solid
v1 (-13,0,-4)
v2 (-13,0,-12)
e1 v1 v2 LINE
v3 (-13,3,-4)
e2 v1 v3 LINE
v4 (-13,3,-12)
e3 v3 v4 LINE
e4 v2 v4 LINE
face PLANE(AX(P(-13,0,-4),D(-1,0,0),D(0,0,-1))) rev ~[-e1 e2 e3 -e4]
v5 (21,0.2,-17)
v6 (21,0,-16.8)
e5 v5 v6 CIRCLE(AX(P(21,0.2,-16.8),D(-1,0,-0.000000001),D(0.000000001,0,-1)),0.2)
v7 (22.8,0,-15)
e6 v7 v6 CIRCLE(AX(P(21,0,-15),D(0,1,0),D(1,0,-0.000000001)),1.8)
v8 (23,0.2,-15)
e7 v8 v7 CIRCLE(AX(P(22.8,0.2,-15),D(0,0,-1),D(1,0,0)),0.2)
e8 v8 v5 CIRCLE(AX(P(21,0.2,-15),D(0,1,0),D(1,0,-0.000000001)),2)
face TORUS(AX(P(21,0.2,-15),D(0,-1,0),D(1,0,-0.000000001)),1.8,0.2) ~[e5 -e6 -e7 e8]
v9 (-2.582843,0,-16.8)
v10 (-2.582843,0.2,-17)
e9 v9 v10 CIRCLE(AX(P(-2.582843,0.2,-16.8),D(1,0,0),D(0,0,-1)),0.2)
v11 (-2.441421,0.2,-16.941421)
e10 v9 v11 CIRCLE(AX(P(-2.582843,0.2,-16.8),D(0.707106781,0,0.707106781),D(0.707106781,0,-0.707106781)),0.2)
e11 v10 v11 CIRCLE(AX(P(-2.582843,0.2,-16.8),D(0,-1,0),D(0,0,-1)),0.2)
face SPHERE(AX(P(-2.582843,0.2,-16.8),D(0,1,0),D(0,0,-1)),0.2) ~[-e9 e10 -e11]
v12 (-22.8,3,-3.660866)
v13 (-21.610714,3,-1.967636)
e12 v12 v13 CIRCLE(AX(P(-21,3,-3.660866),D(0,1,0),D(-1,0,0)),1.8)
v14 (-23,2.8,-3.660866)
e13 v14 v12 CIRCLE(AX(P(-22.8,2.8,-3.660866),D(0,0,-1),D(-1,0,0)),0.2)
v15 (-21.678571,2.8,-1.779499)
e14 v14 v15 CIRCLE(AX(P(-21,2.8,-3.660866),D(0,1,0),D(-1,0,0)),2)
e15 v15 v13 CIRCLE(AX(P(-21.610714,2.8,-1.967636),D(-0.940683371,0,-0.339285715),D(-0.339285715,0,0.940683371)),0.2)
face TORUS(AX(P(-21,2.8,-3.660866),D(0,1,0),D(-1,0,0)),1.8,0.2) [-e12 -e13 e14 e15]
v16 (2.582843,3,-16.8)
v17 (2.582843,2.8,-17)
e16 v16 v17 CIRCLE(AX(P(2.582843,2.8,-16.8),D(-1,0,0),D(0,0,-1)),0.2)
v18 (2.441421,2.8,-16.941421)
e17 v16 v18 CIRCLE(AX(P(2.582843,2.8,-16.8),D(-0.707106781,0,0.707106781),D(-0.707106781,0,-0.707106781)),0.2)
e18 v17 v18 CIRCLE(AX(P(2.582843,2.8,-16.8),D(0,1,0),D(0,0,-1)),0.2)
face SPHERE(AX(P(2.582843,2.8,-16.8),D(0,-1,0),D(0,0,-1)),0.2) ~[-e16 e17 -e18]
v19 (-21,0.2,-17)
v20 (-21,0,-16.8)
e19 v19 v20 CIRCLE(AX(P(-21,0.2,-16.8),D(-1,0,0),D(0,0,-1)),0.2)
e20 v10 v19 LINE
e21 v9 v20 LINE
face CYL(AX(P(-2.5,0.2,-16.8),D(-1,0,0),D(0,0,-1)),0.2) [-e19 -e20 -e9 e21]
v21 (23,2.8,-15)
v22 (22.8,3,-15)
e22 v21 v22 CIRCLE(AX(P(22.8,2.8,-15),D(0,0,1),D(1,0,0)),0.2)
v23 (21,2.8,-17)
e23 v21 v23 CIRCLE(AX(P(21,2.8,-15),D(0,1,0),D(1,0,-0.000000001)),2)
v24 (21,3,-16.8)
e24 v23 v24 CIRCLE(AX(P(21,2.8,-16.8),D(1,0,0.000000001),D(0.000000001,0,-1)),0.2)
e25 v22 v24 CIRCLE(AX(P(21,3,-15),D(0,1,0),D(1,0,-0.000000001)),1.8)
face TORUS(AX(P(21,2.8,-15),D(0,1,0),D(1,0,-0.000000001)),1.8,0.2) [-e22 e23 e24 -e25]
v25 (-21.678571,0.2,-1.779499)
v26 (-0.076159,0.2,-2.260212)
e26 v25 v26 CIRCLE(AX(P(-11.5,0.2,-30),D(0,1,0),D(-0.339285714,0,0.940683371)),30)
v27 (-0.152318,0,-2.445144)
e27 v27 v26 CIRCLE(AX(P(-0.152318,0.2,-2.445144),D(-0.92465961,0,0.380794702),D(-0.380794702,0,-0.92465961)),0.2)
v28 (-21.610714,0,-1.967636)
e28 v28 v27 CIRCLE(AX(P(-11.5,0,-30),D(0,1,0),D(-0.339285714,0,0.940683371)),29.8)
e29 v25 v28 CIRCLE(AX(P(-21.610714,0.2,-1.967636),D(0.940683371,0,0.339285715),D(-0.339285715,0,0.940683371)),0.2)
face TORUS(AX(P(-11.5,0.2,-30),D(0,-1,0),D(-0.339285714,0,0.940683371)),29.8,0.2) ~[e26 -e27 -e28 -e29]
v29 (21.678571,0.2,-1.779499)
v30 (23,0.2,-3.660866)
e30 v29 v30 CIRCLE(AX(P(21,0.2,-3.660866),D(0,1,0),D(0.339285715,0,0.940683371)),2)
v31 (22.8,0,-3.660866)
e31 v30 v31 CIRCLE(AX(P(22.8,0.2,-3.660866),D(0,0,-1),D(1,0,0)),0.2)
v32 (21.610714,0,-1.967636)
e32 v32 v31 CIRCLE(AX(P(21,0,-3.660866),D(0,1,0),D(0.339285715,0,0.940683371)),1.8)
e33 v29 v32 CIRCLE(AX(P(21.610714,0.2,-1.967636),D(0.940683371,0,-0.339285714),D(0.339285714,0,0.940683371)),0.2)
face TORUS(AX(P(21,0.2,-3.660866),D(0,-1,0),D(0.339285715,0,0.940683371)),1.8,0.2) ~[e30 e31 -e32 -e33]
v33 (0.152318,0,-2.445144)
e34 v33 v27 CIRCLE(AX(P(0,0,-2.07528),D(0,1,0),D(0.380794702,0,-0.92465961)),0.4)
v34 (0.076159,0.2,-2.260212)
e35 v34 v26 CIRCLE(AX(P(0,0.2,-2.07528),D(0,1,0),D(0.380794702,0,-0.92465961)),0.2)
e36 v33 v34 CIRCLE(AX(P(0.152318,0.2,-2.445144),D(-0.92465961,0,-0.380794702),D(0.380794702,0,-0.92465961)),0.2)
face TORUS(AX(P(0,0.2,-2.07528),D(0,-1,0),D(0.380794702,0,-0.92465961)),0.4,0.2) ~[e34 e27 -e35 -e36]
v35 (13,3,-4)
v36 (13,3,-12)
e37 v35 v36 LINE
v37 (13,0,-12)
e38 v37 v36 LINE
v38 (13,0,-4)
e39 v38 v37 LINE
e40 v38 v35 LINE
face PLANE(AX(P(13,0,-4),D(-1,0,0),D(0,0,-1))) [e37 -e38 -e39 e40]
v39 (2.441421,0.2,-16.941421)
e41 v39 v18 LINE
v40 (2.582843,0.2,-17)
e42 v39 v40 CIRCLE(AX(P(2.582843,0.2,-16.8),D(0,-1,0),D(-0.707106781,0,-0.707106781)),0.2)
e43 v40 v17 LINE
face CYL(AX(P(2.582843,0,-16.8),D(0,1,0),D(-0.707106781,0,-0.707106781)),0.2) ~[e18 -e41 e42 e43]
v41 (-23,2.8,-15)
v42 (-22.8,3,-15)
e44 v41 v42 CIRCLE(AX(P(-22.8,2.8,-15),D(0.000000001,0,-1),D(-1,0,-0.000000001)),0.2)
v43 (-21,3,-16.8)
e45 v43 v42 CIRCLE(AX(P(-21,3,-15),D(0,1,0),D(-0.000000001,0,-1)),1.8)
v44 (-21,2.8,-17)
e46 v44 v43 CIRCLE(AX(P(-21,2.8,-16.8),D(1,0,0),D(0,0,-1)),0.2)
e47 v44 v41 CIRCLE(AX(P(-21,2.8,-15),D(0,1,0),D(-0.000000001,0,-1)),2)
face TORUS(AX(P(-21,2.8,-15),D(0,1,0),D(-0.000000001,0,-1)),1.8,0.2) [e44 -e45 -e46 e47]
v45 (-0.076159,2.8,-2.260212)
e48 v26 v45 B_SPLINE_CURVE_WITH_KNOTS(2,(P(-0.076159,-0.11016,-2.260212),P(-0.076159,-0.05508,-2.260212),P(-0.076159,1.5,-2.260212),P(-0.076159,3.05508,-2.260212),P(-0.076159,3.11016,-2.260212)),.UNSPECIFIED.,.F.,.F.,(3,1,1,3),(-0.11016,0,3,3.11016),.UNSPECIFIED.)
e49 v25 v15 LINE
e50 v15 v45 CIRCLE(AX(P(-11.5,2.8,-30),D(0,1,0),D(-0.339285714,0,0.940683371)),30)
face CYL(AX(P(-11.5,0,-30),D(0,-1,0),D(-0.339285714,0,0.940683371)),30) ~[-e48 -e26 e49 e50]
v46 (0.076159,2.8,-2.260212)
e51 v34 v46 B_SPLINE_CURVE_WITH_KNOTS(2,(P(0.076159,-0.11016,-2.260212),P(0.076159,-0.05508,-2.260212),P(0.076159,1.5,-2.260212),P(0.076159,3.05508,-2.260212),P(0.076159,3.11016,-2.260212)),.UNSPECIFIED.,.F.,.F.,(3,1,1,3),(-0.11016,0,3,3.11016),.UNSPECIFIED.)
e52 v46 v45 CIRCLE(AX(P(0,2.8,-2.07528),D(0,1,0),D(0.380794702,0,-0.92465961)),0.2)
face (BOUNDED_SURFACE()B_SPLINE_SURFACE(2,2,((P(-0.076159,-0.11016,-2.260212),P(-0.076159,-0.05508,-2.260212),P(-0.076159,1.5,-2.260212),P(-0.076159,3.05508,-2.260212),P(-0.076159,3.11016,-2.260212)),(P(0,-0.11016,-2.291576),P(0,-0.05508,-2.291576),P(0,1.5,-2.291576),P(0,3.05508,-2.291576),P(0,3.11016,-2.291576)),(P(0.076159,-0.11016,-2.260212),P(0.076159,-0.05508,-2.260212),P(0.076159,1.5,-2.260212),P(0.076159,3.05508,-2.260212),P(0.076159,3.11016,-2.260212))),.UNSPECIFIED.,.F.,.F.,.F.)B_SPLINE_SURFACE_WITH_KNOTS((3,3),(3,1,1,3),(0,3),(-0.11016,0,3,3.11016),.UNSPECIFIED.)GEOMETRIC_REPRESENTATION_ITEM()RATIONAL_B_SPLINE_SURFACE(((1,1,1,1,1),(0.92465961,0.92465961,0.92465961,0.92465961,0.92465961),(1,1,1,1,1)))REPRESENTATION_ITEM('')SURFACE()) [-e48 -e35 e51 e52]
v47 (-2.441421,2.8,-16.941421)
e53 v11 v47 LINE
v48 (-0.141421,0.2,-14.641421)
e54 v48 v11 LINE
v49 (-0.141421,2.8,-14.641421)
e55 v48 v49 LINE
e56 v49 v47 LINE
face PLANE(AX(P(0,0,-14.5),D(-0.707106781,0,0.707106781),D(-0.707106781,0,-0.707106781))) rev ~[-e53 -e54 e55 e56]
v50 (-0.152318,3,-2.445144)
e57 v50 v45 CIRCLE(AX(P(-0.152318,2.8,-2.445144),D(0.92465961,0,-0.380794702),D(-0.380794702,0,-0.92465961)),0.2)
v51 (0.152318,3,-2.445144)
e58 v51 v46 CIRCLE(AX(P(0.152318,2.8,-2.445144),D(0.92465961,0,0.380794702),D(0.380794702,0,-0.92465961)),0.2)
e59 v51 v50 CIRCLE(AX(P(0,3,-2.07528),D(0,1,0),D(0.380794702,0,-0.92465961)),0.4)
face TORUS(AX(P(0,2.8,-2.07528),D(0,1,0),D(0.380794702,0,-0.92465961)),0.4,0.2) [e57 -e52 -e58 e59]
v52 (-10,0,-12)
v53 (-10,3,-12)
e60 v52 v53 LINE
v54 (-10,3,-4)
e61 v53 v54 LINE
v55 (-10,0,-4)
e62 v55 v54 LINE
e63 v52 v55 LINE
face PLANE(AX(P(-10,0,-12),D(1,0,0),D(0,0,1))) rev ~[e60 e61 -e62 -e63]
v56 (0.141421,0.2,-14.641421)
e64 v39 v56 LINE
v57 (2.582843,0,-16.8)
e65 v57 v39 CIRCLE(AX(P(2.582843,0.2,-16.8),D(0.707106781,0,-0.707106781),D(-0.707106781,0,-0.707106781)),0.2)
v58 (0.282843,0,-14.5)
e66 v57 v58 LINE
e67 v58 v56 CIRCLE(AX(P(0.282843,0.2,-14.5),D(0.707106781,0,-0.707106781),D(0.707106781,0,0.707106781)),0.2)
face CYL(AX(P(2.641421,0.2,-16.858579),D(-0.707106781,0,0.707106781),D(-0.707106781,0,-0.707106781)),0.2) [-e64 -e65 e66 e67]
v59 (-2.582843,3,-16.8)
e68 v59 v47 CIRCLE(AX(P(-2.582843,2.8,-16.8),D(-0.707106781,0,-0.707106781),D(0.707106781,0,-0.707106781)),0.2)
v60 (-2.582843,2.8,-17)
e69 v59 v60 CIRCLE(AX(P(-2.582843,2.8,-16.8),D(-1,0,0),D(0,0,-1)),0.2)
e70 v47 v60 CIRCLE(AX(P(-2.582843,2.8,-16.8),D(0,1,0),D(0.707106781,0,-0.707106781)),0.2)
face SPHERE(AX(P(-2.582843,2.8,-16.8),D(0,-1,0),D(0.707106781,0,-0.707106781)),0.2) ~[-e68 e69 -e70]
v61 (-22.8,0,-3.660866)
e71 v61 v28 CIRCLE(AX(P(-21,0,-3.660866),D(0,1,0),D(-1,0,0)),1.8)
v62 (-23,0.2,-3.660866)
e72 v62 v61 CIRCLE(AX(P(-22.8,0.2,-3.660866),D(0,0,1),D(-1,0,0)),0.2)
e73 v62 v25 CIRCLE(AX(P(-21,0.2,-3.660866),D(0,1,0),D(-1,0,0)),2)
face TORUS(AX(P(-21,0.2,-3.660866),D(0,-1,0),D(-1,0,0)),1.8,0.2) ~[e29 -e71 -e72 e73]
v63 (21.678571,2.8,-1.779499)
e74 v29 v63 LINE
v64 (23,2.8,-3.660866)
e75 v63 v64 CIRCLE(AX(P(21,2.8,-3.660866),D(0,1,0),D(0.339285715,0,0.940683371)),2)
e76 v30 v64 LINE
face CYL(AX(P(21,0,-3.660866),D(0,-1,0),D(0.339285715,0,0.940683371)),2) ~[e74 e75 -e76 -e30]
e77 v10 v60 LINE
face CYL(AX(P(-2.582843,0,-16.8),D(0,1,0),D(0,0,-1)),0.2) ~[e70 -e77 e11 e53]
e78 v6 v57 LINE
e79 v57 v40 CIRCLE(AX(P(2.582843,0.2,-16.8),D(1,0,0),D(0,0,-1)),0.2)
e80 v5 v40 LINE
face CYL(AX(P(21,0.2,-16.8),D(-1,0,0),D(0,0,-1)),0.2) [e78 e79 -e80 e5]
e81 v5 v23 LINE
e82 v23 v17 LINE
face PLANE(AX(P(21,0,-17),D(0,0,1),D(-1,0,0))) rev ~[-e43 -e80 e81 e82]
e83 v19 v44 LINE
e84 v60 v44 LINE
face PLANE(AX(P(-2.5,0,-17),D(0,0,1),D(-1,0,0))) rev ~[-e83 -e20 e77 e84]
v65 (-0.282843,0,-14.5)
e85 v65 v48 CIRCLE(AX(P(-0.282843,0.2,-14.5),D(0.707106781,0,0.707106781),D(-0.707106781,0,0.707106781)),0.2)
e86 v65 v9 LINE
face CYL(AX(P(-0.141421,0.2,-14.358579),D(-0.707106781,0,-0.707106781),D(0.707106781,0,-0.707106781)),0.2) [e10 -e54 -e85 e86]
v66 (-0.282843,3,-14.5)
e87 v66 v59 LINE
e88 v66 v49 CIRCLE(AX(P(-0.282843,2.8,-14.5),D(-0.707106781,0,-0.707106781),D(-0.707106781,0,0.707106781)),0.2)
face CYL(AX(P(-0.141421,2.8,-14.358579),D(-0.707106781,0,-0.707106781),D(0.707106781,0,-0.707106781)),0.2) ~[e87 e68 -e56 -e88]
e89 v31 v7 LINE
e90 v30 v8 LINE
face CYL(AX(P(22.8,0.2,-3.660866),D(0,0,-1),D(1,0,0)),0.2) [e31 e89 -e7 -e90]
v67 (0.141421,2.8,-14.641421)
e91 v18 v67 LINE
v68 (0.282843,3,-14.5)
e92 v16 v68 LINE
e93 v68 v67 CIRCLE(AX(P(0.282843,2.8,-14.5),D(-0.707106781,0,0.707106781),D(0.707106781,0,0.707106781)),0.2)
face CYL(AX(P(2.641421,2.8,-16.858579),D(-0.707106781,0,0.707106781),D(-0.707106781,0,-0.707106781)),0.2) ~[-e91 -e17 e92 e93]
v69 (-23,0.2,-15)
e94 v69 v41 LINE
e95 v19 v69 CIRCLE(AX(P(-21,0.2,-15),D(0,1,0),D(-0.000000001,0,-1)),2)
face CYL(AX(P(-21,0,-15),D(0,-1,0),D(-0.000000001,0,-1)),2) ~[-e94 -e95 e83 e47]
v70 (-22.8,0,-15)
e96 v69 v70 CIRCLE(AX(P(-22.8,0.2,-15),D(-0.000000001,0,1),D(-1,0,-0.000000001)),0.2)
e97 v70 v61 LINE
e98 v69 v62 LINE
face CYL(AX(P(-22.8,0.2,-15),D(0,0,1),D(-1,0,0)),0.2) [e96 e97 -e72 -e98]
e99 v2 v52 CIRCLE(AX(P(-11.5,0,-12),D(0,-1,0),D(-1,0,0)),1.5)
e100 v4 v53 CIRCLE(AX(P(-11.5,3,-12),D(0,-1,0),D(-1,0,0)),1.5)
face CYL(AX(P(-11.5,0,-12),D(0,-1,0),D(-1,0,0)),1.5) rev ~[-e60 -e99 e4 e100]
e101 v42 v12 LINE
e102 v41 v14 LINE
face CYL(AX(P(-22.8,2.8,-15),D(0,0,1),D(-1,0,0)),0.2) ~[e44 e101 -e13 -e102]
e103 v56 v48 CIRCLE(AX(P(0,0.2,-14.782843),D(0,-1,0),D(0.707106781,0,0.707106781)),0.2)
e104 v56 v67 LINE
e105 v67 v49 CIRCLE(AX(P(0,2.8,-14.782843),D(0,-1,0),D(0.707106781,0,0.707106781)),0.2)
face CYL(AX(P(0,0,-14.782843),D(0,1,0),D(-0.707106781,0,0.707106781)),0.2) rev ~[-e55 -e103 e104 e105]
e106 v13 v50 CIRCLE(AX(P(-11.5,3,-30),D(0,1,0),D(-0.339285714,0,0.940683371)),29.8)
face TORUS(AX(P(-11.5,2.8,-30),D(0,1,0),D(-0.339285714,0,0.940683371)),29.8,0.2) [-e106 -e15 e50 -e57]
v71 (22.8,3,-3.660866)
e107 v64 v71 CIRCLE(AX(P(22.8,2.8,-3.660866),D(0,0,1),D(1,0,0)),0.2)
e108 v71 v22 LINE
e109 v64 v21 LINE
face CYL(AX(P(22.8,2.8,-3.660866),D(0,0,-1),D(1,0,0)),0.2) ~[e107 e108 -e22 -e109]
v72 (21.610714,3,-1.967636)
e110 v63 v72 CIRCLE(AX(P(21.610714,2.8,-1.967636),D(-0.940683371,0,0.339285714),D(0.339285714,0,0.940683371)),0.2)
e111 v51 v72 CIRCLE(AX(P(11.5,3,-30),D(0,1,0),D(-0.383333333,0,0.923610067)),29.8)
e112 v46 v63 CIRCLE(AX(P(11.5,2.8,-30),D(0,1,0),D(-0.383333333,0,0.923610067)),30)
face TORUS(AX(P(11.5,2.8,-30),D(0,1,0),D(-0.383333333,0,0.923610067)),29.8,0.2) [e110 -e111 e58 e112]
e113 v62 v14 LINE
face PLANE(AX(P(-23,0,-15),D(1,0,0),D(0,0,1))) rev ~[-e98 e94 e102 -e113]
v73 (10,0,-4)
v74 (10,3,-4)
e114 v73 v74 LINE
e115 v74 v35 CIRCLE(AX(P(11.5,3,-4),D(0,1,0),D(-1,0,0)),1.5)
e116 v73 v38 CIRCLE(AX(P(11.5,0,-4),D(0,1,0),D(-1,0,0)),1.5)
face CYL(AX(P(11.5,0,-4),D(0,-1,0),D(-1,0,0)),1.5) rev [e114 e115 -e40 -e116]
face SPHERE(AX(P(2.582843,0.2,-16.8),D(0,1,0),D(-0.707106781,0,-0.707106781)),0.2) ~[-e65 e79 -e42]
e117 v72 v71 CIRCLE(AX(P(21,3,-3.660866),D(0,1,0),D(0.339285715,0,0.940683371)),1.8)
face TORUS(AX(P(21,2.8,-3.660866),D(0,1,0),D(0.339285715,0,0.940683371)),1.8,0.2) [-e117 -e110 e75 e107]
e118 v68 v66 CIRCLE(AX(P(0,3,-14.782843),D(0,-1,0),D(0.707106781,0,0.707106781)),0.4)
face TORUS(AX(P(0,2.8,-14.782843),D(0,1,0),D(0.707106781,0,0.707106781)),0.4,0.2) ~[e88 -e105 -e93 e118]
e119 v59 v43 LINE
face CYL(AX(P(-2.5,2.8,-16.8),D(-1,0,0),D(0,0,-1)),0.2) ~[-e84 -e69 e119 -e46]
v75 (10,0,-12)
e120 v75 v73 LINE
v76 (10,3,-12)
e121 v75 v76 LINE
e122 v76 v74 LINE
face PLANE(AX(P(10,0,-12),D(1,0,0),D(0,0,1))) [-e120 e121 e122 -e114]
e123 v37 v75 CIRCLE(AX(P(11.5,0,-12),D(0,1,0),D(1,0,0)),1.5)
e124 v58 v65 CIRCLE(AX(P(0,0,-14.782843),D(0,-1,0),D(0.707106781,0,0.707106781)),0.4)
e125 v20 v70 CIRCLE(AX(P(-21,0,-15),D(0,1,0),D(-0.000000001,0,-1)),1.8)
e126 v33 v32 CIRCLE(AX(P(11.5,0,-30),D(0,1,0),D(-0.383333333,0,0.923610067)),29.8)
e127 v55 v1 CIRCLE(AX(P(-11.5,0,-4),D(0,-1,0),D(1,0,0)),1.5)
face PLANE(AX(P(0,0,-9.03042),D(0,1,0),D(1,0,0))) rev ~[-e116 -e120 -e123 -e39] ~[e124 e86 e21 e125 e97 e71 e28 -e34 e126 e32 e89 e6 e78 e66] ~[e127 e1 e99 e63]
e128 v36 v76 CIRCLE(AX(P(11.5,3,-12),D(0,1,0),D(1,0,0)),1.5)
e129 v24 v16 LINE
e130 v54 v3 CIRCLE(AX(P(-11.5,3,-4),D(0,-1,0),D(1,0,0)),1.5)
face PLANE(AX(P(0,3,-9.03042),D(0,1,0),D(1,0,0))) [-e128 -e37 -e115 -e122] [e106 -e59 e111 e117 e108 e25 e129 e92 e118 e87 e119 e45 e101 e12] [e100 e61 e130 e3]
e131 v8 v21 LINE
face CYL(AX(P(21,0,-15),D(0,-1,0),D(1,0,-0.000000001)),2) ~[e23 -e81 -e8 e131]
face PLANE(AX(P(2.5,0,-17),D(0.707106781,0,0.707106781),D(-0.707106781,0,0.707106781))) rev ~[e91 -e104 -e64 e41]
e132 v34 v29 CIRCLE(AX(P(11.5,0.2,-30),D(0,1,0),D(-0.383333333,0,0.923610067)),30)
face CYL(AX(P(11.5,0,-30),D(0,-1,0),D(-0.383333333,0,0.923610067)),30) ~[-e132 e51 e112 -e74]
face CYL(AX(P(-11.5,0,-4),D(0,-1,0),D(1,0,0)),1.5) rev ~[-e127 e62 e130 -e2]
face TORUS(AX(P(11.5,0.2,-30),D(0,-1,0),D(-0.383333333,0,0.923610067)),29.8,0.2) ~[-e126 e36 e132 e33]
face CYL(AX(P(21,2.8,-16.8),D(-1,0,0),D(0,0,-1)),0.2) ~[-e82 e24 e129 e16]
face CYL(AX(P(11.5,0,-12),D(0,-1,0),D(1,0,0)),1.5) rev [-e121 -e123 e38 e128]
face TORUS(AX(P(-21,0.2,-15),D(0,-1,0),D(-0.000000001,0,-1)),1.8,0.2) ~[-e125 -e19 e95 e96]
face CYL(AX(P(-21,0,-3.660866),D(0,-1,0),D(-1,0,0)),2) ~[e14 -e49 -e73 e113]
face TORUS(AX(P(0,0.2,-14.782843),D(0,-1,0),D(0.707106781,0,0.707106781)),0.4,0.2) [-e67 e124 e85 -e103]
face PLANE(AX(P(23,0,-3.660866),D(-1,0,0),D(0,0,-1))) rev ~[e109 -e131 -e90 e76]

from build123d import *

# Parameters (mm, degrees)
BOSS_EXTRUDE1_DEPTH = 3
FILLET1_R           = 0.2


with BuildPart() as part:
    # Sketch1 → Boss-Extrude1 (new body)
    with BuildSketch(Plane(origin=(0, 0, 0), x_dir=(1, 0, 0), z_dir=(0, 1, 0))):
        with BuildLine():
            Line((-2.5, 17), (-21, 17))
            ThreePointArc((-21, 17), (-22.414213562, 16.414213562), (-23, 15))
            Line((-23, 15), (-23, 3.660865618))
            ThreePointArc((-23, 3.660865618), (-22.636634177, 2.511331551), (-21.678571429, 1.779498876))
            ThreePointArc((-21.678571429, 1.779498876), (-10.791388434, 0.008370007), (0, 2.291697995))
            ThreePointArc((0, 2.291697995), (10.791388434, 0.008370007), (21.678571429, 1.779498876))
            ThreePointArc((21.678571429, 1.779498876), (22.636634177, 2.511331551), (23, 3.660865618))
            Line((23, 3.660865618), (23, 15))
            ThreePointArc((23, 15), (22.414213562, 16.414213562), (21, 17))
            Line((21, 17), (2.5, 17))
            Line((2.5, 17), (0, 14.5))
            Line((0, 14.5), (-2.5, 17))
        make_face()
        with BuildLine():
            Line((-10, 12), (-10, 4))
            ThreePointArc((-10, 4), (-11.5, 2.5), (-13, 4))
            Line((-13, 4), (-13, 12))
            ThreePointArc((-13, 12), (-11.5, 13.5), (-10, 12))
        make_face(mode=Mode.SUBTRACT)
        with BuildLine():
            Line((10, 12), (10, 4))
            ThreePointArc((10, 4), (11.5, 2.5), (13, 4))
            Line((13, 4), (13, 12))
            ThreePointArc((13, 12), (11.5, 13.5), (10, 12))
        make_face(mode=Mode.SUBTRACT)
    extrude(amount=BOSS_EXTRUDE1_DEPTH)

    # Fillet1
    fillet1_edges = [part.edges().sort_by_distance(p)[0] for p in [
        (-22.414213562, 3, -16.414213562),
        (1.25, 0, -15.75),
        (11.75, 0, -17),
        (22.414213562, 0, -16.414213562),
        (23, 0, -9.330432809),
        (22.636634177, 0, -2.511331551),
        (10.791388434, 0, -0.008370007),
        (-23, 3, -9.330432809),
        (-10.791388434, 0, -0.008370007),
        (-22.636634177, 0, -2.511331551),
        (-23, 0, -9.330432809),
        (-22.414213562, 0, -16.414213562),
        (-11.75, 0, -17),
        (-1.25, 0, -15.75),
        (-22.636634177, 3, -2.511331551),
        (-10.791388434, 3, -0.008370007),
        (0, 1.5, -14.5),
        (2.5, 1.5, -17),
        (0, 1.5, -2.291697995),
        (-2.5, 1.5, -17),
        (10.791388434, 3, -0.008370007),
        (22.636634177, 3, -2.511331551),
        (23, 3, -9.330432809),
        (22.414213562, 3, -16.414213562),
        (11.75, 3, -17),
        (1.25, 3, -15.75),
        (-1.25, 3, -15.75),
        (-11.75, 3, -17),
    ]]
    fillet(fillet1_edges, radius=FILLET1_R)


solid = part.part
